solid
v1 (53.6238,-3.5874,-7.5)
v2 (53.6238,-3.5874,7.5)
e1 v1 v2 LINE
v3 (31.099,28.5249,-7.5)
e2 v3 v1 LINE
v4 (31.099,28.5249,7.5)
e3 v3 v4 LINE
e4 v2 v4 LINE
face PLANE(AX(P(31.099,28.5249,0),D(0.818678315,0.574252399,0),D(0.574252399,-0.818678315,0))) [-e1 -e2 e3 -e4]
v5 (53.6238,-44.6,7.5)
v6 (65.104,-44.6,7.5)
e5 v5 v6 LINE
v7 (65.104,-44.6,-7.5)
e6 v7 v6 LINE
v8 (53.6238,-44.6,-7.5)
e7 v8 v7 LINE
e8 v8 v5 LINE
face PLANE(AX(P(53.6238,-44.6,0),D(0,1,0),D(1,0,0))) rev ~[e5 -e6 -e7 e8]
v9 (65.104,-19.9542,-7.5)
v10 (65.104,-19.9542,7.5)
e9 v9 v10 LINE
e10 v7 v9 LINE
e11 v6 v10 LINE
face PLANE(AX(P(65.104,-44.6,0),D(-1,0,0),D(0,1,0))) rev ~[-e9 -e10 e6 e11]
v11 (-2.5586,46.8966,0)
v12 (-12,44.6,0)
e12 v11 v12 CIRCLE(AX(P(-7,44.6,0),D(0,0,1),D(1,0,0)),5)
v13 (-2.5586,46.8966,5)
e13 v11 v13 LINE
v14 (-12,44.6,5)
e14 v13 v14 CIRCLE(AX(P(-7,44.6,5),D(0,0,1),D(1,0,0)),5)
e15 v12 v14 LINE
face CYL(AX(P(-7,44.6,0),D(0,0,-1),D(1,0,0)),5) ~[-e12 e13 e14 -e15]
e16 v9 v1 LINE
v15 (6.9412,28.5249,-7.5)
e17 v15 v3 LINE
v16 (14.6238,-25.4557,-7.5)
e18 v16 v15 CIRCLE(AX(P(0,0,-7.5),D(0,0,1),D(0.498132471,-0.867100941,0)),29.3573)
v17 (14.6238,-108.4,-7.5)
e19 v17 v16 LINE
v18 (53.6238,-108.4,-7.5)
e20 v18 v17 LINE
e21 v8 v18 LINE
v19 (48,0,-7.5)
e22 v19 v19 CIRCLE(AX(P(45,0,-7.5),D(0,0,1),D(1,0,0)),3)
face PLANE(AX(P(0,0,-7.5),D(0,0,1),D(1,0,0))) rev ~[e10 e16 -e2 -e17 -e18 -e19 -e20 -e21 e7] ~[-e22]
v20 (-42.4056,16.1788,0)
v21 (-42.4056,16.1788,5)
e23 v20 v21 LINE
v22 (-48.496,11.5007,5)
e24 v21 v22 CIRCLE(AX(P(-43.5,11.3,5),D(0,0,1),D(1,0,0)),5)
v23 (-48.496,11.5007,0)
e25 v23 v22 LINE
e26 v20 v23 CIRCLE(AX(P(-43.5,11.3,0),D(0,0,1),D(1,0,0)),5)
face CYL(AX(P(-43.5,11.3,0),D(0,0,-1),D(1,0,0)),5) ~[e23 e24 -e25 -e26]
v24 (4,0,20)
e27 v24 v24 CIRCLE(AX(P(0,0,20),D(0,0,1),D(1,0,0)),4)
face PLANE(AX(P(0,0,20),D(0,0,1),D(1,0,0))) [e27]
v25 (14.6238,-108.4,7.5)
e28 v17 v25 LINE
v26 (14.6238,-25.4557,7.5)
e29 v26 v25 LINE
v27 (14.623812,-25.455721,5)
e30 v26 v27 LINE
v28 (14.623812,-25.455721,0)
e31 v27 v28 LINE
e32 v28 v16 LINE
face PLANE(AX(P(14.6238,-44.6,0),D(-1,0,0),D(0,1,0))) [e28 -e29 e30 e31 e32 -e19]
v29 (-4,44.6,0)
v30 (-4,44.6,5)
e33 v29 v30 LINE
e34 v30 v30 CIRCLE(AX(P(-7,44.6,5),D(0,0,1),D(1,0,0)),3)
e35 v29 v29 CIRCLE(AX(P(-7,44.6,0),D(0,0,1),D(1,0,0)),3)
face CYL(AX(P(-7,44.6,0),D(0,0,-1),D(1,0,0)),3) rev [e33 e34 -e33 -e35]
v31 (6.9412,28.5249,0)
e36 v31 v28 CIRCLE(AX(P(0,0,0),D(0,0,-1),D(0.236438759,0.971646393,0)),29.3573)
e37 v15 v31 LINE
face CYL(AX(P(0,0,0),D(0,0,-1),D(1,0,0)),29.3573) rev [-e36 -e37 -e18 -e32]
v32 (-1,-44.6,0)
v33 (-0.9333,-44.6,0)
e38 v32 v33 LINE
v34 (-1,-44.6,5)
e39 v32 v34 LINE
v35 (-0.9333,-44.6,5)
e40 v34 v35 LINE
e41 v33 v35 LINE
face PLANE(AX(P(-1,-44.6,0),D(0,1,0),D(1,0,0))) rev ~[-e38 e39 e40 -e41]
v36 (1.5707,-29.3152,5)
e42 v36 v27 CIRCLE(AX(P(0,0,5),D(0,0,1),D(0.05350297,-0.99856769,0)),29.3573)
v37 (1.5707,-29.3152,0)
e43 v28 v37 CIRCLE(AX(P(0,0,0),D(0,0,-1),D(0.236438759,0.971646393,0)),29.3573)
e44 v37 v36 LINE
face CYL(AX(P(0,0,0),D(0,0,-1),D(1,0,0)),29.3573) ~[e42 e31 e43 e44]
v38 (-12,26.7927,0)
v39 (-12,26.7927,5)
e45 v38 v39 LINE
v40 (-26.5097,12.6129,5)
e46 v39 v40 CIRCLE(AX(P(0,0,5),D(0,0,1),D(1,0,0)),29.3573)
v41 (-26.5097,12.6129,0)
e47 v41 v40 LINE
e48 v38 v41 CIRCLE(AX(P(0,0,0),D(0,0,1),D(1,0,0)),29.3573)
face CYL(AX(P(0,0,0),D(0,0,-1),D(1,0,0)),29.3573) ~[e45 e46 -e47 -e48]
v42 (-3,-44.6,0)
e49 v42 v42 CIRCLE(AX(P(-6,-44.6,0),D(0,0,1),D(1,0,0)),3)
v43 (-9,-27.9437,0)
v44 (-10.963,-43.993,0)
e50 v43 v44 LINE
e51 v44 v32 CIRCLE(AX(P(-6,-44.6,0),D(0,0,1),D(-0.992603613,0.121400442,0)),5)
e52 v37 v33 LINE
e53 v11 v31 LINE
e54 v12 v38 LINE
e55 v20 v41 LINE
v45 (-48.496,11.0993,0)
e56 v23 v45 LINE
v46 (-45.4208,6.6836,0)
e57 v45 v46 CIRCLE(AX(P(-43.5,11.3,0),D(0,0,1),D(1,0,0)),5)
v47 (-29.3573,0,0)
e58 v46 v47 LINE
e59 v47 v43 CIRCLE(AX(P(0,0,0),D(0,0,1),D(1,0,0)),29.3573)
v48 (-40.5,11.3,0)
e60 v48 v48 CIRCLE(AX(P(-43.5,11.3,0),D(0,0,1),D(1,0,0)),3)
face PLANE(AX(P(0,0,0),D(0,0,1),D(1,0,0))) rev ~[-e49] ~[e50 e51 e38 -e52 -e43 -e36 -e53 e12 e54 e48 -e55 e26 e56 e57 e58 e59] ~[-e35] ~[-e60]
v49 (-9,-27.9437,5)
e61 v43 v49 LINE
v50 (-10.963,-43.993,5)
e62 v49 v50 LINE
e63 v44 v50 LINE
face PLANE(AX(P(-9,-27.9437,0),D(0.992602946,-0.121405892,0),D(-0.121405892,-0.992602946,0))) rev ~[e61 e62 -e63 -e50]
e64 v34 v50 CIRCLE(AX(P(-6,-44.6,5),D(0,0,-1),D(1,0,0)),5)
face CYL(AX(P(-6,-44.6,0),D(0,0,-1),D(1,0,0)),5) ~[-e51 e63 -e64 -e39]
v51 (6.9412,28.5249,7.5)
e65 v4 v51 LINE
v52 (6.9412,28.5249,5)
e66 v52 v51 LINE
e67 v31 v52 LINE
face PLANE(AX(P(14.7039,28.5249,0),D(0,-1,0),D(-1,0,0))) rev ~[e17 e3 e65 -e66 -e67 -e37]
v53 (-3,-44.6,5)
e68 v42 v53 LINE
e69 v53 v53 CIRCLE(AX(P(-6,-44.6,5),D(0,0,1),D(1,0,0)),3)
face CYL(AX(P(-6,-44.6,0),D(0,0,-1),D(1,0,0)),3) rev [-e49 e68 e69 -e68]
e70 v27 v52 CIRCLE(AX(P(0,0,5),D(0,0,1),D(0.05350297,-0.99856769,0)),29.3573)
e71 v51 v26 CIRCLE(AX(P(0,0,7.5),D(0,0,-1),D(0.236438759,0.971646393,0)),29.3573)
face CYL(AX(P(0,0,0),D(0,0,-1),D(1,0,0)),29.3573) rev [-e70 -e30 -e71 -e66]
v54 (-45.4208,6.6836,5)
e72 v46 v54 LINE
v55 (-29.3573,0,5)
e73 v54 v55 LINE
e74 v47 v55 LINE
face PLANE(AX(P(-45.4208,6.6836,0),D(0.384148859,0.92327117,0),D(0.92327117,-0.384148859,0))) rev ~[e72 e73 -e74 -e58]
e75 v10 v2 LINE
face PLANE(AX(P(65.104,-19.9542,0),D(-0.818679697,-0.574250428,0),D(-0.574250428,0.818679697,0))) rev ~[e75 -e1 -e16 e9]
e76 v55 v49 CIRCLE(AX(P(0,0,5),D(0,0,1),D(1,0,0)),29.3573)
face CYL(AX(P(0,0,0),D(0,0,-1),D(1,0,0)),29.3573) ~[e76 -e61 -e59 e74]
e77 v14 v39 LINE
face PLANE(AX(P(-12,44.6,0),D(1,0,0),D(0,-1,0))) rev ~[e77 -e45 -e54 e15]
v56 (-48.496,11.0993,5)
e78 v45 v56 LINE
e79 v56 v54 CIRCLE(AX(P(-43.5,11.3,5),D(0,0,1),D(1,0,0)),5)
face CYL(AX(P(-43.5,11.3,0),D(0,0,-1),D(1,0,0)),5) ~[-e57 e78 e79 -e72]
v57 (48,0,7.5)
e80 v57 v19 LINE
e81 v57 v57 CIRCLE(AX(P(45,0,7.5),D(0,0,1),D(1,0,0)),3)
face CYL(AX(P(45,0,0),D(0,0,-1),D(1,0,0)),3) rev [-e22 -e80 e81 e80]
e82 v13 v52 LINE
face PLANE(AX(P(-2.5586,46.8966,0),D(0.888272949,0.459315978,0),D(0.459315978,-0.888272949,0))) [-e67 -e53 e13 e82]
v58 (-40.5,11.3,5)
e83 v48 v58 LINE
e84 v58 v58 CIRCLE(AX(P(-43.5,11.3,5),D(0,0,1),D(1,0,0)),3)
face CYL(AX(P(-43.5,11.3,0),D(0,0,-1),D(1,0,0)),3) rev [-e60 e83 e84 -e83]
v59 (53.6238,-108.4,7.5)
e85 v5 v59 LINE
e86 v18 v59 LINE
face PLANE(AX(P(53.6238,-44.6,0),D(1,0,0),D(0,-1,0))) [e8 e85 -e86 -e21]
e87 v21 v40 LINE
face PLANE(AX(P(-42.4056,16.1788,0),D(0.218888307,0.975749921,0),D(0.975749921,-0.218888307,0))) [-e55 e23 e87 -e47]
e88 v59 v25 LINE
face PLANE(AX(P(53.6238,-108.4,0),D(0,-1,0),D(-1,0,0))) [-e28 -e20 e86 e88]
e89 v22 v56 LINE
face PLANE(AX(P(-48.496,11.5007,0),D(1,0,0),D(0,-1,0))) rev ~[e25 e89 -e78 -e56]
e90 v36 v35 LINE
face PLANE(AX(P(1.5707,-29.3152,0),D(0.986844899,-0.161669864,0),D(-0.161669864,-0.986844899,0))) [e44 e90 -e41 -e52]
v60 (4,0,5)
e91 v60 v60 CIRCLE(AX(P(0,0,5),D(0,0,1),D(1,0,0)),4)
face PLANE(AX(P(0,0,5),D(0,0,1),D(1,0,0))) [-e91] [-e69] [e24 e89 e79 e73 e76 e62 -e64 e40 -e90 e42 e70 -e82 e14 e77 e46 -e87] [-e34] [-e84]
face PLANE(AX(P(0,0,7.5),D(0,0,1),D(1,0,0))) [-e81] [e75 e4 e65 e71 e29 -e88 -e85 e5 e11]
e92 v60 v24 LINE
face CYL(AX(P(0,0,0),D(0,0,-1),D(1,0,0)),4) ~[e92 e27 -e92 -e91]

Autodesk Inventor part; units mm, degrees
ref_plane "YZ Plane" through (0, 0, 0) normal (1, 0, 0) x (0, 1, 0)
ref_plane "XZ Plane" through (0, 0, 0) normal (0, 1, 0) x (-1, 0, 0)
ref_plane "XY Plane" through (0, 0, 0) normal (0, 0, 1) x (1, 0, 0)
sketch "Esboço1" plane through (0, 0, 0) normal (0, 0, 1) x (1, 0, 0)
  circle A0 centre (0, 0) radius 4
  circle A1 centre (-7, 44.6) radius 3
  circle A2 centre (45, 0) radius 3
  circle A3 centre (-6, -44.6) radius 3
  circle A4 centre (-43.5, 11.3) radius 3
  circle A5 centre (0, 0) radius 29.3573
  circle A6 centre (-7, 44.6) radius 5
  circle A7 centre (-43.5, 11.3) radius 5
  circle A8 centre (-6, -44.6) radius 5
  circle A9 centre (45, 0) radius 5
  line L0 (-12, 44.6) -> (-12, 26.7927)
  line L1 (40.0933, -0.9613) -> (42.8631, -4.0842)
  line L2 (-2.5586, 46.8966) -> (6.9412, 28.5249)
  line L3 (-45.4208, 6.6836) -> (-29.3573, 0)
  line L4 (-42.4056, 16.1788) -> (-26.5097, 12.6129)
  line L5 (-9, -27.9437) -> (-10.963, -43.993)
  line L6 (1.5707, -29.3152) -> (-1.4137, -47.5322)
  line L7 (14.7039, 28.5249) -> (31.099, 28.5249)
  line L8 (31.099, 28.5249) -> (53.6238, -3.5874)
  line L9 (-48.496, 11.5007) -> (-48.496, 11.0993)
  line L10 (14.6238, -44.6) -> (14.6238, -108.4)
  line L11 (53.6238, -44.6) -> (53.6238, -108.4)
  line L12 (53.6238, -108.4) -> (14.6238, -108.4)
  line L13 (65.104, -44.6) -> (65.104, -19.9542)
  line L14 (65.104, -19.9542) -> (49.0934, 2.8713)
  line L15 (14.6238, -44.6) -> (14.6238, -25.4557)
  line L16 (-6, -44.6) -> (-0.9333, -44.6)
  line L17 (14.6238, -44.6) -> (65.104, -44.6)
  line L18 (14.7039, 28.5249) -> (6.9412, 28.5249)
  point P0 (-1, -44.6)
  dimension "d15" = 10
  dimension "d0" = 8
  dimension "d1" = 44.6
  dimension "d2" = 7
  dimension "d3" = 6
  dimension "d4" = 6
  dimension "d5" = 45
  dimension "d6" = 6
  dimension "d7" = 44.6
  dimension "d8" = 6
  dimension "d9" = 11.3
  dimension "d10" = 6
  dimension "d11" = 37.5
  dimension "d12" = 44.6
  dimension "d13" = 10
  dimension "d14" = 10
  dimension "d16" = 10
  dimension "d17" = 0
extrude "Extrusão1" add sketch "Esboço1" along normal blind 20 contours A0
extrude "Extrusão2" add sketch "Esboço1" along normal blind 5 contours A8 | A8 L5 A5 L6 L16 | A5 | L3 A7 L4 A5 | A7 L9 | L0 A6 L2 A5 | A6 picked at (-39.2458, 10.6554)
extrude "Extrusão3" add sketch "Esboço1" along normal mid plane 15 contours A9 | A5 L18 L7 L8 L14 L13 L17 L15 | L17 L11 L12 L10
properties part number "Motor"
